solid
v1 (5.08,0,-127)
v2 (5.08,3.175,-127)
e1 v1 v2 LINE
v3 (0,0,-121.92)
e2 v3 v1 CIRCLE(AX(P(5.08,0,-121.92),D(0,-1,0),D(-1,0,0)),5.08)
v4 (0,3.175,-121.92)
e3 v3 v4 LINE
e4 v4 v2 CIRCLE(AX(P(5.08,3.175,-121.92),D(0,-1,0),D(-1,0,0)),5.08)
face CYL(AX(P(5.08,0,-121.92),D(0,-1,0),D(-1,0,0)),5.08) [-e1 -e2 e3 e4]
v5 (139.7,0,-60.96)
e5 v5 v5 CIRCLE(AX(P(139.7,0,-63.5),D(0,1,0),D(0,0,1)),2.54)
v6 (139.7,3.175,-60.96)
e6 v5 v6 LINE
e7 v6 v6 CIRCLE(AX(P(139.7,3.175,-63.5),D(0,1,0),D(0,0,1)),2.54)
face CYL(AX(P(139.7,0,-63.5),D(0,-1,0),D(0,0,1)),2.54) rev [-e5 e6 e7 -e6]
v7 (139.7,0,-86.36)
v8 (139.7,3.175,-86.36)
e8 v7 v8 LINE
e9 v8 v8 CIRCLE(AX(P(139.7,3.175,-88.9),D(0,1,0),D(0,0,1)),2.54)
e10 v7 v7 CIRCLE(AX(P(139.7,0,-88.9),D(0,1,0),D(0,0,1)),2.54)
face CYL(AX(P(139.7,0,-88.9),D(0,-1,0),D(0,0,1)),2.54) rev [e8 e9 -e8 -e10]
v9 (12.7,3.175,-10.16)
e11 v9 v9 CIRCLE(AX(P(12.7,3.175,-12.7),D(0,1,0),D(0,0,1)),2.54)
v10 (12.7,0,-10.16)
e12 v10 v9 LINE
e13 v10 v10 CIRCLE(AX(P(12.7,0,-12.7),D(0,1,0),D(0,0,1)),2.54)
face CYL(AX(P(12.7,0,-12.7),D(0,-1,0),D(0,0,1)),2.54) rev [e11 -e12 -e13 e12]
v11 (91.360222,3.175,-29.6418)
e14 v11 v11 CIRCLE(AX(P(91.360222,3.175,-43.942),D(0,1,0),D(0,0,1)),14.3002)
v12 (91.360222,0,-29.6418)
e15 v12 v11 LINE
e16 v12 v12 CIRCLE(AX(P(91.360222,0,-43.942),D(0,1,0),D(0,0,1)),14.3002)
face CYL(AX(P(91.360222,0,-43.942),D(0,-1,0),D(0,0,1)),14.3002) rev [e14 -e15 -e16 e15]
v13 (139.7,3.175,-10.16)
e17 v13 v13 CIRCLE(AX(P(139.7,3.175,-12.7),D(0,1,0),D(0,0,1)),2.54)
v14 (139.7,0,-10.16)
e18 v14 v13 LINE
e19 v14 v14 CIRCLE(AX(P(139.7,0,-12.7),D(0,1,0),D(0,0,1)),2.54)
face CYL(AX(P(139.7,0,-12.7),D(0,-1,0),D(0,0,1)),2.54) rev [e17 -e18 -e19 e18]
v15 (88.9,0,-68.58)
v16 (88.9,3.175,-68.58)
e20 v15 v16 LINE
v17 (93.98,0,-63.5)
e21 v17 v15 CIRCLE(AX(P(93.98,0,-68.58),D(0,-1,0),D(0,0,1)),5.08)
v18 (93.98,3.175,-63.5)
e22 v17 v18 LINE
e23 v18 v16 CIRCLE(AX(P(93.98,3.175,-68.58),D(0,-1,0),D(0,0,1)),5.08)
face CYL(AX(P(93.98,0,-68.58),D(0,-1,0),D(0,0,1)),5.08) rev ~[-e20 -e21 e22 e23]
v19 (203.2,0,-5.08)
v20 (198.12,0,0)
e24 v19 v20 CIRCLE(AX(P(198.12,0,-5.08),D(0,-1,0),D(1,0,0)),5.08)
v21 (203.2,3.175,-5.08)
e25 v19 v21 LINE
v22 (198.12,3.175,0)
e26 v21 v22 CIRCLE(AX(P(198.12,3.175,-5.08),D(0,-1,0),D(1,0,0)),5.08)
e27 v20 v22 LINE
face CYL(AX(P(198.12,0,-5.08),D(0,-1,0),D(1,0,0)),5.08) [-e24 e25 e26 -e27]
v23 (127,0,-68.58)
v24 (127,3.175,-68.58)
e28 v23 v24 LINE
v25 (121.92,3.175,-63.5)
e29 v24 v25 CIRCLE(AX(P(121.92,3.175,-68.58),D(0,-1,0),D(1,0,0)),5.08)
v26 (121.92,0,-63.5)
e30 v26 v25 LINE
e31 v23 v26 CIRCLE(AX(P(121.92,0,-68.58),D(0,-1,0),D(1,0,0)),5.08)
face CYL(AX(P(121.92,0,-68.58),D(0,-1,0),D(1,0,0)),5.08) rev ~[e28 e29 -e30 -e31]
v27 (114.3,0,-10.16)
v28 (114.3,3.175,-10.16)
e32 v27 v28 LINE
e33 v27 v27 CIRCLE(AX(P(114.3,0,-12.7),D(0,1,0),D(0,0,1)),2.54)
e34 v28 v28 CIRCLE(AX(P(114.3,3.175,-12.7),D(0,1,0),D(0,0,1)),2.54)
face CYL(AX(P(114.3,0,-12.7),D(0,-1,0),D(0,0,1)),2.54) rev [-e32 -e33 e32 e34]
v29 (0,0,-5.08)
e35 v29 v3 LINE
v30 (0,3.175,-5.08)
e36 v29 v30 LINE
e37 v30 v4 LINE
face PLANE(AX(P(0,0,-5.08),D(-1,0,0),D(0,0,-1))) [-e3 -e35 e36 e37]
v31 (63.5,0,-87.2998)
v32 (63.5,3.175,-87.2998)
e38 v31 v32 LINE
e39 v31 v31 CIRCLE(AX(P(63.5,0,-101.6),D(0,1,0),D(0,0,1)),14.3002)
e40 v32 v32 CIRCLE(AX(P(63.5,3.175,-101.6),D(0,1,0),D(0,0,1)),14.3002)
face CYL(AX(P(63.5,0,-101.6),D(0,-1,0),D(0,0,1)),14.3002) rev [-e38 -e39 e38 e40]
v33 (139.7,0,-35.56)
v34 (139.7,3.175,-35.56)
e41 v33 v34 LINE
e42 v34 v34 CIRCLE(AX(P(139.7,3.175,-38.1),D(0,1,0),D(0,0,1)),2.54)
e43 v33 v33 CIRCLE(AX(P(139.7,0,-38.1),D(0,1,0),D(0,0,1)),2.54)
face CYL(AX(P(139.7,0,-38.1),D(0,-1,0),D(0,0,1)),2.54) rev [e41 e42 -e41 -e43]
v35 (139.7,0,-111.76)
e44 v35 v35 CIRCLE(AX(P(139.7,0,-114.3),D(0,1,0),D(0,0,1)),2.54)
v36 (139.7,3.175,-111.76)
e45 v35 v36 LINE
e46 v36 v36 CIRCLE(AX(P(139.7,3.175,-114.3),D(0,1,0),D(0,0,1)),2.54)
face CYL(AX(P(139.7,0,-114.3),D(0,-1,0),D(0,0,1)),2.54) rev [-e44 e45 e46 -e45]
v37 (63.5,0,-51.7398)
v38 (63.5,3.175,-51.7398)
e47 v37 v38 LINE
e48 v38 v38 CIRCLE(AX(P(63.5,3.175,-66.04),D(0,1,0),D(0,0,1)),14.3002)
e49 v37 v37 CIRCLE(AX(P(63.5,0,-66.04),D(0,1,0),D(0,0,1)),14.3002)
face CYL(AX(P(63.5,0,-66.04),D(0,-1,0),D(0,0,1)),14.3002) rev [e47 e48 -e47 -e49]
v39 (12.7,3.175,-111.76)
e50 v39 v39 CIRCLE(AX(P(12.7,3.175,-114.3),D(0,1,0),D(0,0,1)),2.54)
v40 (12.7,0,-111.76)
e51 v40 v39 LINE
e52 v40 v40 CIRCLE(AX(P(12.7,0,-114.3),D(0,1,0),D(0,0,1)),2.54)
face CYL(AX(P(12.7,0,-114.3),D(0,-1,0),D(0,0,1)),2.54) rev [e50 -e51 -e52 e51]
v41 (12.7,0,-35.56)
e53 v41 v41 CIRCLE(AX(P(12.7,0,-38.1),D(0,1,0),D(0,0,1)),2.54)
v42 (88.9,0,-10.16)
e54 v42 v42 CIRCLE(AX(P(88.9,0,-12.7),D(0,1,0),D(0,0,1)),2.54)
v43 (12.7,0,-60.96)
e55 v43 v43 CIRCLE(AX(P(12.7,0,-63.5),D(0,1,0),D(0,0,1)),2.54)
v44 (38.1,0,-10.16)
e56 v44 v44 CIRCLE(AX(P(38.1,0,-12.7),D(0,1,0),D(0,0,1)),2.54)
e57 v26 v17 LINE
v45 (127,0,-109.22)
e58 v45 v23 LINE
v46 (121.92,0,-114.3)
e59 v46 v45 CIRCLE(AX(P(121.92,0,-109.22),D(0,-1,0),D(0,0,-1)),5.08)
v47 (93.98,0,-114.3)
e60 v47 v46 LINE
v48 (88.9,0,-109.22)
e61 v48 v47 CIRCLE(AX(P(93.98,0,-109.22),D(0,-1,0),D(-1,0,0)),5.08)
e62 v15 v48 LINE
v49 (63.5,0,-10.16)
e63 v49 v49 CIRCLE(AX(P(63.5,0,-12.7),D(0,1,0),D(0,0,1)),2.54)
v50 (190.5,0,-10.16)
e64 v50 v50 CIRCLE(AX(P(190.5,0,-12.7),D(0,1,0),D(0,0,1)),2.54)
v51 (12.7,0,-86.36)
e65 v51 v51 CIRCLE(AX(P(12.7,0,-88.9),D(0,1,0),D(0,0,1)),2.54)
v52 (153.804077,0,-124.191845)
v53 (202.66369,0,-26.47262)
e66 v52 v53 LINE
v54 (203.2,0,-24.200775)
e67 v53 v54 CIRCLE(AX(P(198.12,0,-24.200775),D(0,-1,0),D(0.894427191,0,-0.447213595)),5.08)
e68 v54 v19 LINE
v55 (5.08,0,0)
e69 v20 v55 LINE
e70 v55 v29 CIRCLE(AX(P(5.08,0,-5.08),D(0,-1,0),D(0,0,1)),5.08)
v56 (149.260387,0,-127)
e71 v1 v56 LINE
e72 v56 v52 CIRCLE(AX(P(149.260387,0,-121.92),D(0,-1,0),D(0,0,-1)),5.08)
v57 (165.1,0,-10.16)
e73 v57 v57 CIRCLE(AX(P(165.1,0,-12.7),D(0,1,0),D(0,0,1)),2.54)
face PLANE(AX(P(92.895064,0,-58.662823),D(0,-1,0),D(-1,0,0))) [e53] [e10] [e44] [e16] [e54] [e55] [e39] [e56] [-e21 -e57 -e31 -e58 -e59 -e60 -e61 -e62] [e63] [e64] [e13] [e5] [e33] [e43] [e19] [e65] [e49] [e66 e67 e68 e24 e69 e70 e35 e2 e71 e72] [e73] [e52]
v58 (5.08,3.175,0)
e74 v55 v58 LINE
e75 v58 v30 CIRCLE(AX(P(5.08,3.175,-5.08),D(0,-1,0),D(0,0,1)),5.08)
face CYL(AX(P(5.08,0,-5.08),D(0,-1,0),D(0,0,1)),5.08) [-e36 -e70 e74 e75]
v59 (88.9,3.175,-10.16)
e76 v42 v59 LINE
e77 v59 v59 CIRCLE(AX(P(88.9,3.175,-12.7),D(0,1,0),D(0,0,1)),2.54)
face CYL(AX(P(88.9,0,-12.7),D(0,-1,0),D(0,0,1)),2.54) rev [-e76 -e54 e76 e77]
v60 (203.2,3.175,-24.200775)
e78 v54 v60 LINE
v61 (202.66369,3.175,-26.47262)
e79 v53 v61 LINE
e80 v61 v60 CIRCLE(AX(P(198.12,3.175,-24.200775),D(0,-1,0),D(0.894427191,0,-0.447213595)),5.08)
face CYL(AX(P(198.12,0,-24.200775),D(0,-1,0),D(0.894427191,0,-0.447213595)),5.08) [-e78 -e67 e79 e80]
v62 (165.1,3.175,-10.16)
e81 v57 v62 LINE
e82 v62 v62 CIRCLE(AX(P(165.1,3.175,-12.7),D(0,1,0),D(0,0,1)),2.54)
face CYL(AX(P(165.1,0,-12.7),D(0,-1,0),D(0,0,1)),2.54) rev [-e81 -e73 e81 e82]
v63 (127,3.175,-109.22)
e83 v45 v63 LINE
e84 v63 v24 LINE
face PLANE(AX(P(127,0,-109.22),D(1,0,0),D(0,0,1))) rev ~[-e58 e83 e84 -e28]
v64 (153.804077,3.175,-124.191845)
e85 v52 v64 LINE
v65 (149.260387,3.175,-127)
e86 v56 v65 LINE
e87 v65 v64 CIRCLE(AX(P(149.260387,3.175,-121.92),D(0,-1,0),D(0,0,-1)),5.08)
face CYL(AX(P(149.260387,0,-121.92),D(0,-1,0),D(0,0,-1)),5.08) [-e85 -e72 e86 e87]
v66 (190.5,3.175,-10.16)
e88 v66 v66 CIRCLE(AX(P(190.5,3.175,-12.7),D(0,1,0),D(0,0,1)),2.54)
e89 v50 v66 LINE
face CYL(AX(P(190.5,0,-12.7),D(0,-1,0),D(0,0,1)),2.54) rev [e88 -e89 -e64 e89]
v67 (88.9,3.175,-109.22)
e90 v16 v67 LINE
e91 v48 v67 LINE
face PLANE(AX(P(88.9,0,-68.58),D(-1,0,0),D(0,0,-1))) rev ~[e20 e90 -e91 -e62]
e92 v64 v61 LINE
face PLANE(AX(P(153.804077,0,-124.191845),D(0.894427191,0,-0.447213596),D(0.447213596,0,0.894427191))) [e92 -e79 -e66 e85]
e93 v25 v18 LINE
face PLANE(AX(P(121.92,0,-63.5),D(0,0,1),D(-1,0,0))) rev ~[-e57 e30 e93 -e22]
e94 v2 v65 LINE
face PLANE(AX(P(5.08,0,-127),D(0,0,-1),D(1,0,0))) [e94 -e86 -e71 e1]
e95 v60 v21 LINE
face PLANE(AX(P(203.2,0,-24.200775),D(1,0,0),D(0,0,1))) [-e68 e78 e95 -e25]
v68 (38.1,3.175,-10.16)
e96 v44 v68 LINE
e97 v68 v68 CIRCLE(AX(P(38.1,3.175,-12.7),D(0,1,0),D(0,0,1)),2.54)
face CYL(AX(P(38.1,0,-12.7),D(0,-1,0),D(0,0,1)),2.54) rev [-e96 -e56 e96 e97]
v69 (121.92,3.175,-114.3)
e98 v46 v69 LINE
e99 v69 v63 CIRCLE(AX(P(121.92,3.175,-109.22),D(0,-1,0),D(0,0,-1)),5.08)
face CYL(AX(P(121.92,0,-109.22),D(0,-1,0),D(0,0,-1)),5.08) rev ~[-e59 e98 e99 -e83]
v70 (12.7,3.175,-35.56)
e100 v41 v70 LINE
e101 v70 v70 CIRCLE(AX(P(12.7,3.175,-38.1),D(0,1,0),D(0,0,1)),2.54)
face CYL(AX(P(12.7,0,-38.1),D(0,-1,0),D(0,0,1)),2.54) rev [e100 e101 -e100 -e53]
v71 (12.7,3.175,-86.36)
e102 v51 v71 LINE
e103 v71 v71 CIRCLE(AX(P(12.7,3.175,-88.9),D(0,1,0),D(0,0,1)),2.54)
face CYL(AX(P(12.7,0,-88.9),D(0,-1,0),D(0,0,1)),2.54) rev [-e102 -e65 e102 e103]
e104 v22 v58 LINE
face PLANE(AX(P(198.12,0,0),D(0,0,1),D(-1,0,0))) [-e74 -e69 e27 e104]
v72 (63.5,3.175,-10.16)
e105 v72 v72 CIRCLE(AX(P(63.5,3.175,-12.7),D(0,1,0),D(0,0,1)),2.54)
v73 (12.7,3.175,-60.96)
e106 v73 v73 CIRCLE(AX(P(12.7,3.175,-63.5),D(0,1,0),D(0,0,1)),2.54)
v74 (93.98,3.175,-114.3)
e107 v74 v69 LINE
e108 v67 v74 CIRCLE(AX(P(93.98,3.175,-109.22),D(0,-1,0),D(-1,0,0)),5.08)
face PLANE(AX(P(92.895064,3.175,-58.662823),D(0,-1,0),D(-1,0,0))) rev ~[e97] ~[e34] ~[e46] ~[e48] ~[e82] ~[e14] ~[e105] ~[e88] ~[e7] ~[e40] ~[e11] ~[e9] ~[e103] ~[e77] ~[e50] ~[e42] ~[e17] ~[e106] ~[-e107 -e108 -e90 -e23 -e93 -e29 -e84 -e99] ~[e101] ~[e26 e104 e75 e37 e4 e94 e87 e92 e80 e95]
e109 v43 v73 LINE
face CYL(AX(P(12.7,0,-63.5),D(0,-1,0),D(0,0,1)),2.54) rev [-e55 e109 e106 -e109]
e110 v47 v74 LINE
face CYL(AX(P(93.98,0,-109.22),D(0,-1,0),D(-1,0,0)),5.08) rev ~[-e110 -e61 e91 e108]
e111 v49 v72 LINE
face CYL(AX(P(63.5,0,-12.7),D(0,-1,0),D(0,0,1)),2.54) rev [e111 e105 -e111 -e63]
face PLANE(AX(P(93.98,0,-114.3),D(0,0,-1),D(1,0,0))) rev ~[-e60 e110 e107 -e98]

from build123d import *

# Parameters (mm, degrees)
SKETCH1_R           = 2.54
SKETCH1_R_2         = 14.3002
BOSS_EXTRUDE1_DEPTH = 3.175


with BuildPart() as part:
    # Sketch1 → Boss-Extrude1 (new body)
    with BuildSketch(Plane(origin=(0, 0, 0), x_dir=(1, 0, 0), z_dir=(0, 1, 0))):
        with BuildLine():
            Line((0, 5.08), (0, 121.92))
            ThreePointArc((0, 121.92), (1.487897552, 125.512102448), (5.08, 127))
            Line((5.08, 127), (149.260387337, 127))
            ThreePointArc((149.260387337, 127), (151.931101387, 126.241306106), (153.804077467, 124.191845065))
            Line((153.804077467, 124.191845065), (202.66369013, 26.472619739))
            ThreePointArc((202.66369013, 26.472619739), (203.064104866, 25.367919511), (203.2, 24.200774674))
            Line((203.2, 24.200774674), (203.2, 5.08))
            ThreePointArc((203.2, 5.08), (201.712102448, 1.487897552), (198.12, 0))
            Line((198.12, 0), (5.08, 0))
            ThreePointArc((5.08, 0), (1.487897552, 1.487897552), (0, 5.08))
        make_face()
        with Locations(Location((190.5, 12.7, 0), (0, 0, 270))):
            Circle(SKETCH1_R, mode=Mode.SUBTRACT)
        with Locations(Location((165.1, 12.7, 0), (0, 0, 270))):
            Circle(SKETCH1_R, mode=Mode.SUBTRACT)
        with Locations(Location((139.7, 12.7, 0), (0, 0, 270))):
            Circle(SKETCH1_R, mode=Mode.SUBTRACT)
        with Locations(Location((114.3, 12.7, 0), (0, 0, 270))):
            Circle(SKETCH1_R, mode=Mode.SUBTRACT)
        with Locations(Location((88.9, 12.7, 0), (0, 0, 270))):
            Circle(SKETCH1_R, mode=Mode.SUBTRACT)
        with Locations(Location((63.5, 12.7, 0), (0, 0, 270))):
            Circle(SKETCH1_R, mode=Mode.SUBTRACT)
        with Locations(Location((38.1, 12.7, 0), (0, 0, 270))):
            Circle(SKETCH1_R, mode=Mode.SUBTRACT)
        with Locations(Location((12.7, 12.7, 0), (0, 0, 270))):
            Circle(SKETCH1_R, mode=Mode.SUBTRACT)
        with Locations(Location((12.7, 38.1, 0), (0, 0, 270))):
            Circle(SKETCH1_R, mode=Mode.SUBTRACT)
        with Locations(Location((139.7, 38.1, 0), (0, 0, 270))):
            Circle(SKETCH1_R, mode=Mode.SUBTRACT)
        with Locations(Location((12.7, 63.5, 0), (0, 0, 270))):
            Circle(SKETCH1_R, mode=Mode.SUBTRACT)
        with Locations(Location((139.7, 63.5, 0), (0, 0, 270))):
            Circle(SKETCH1_R, mode=Mode.SUBTRACT)
        with Locations(Location((12.7, 88.9, 0), (0, 0, 270))):
            Circle(SKETCH1_R, mode=Mode.SUBTRACT)
        with Locations(Location((139.7, 88.9, 0), (0, 0, 270))):
            Circle(SKETCH1_R, mode=Mode.SUBTRACT)
        with Locations(Location((12.7, 114.3, 0), (0, 0, 270))):
            Circle(SKETCH1_R, mode=Mode.SUBTRACT)
        with Locations(Location((139.7, 114.3, 0), (0, 0, 270))):
            Circle(SKETCH1_R, mode=Mode.SUBTRACT)
        with Locations(Location((63.5, 101.6, 0), (0, 0, 270))):
            Circle(SKETCH1_R_2, mode=Mode.SUBTRACT)
        with Locations(Location((63.5, 66.04, 0), (0, 0, 270))):
            Circle(SKETCH1_R_2, mode=Mode.SUBTRACT)
        with Locations(Location((91.360222469, 43.942, 0), (0, 0, 270))):
            Circle(SKETCH1_R_2, mode=Mode.SUBTRACT)
        with BuildLine():
            Line((93.98, 114.3), (121.92, 114.3))
            ThreePointArc((121.92, 114.3), (125.512102448, 112.812102448), (127, 109.22))
            Line((127, 109.22), (127, 68.58))
            ThreePointArc((127, 68.58), (125.512102448, 64.987897552), (121.92, 63.5))
            Line((121.92, 63.5), (93.98, 63.5))
            ThreePointArc((93.98, 63.5), (90.387897552, 64.987897552), (88.9, 68.58))
            Line((88.9, 68.58), (88.9, 109.22))
            ThreePointArc((88.9, 109.22), (90.387897552, 112.812102448), (93.98, 114.3))
        make_face(mode=Mode.SUBTRACT)
    extrude(amount=BOSS_EXTRUDE1_DEPTH)


solid = part.part
